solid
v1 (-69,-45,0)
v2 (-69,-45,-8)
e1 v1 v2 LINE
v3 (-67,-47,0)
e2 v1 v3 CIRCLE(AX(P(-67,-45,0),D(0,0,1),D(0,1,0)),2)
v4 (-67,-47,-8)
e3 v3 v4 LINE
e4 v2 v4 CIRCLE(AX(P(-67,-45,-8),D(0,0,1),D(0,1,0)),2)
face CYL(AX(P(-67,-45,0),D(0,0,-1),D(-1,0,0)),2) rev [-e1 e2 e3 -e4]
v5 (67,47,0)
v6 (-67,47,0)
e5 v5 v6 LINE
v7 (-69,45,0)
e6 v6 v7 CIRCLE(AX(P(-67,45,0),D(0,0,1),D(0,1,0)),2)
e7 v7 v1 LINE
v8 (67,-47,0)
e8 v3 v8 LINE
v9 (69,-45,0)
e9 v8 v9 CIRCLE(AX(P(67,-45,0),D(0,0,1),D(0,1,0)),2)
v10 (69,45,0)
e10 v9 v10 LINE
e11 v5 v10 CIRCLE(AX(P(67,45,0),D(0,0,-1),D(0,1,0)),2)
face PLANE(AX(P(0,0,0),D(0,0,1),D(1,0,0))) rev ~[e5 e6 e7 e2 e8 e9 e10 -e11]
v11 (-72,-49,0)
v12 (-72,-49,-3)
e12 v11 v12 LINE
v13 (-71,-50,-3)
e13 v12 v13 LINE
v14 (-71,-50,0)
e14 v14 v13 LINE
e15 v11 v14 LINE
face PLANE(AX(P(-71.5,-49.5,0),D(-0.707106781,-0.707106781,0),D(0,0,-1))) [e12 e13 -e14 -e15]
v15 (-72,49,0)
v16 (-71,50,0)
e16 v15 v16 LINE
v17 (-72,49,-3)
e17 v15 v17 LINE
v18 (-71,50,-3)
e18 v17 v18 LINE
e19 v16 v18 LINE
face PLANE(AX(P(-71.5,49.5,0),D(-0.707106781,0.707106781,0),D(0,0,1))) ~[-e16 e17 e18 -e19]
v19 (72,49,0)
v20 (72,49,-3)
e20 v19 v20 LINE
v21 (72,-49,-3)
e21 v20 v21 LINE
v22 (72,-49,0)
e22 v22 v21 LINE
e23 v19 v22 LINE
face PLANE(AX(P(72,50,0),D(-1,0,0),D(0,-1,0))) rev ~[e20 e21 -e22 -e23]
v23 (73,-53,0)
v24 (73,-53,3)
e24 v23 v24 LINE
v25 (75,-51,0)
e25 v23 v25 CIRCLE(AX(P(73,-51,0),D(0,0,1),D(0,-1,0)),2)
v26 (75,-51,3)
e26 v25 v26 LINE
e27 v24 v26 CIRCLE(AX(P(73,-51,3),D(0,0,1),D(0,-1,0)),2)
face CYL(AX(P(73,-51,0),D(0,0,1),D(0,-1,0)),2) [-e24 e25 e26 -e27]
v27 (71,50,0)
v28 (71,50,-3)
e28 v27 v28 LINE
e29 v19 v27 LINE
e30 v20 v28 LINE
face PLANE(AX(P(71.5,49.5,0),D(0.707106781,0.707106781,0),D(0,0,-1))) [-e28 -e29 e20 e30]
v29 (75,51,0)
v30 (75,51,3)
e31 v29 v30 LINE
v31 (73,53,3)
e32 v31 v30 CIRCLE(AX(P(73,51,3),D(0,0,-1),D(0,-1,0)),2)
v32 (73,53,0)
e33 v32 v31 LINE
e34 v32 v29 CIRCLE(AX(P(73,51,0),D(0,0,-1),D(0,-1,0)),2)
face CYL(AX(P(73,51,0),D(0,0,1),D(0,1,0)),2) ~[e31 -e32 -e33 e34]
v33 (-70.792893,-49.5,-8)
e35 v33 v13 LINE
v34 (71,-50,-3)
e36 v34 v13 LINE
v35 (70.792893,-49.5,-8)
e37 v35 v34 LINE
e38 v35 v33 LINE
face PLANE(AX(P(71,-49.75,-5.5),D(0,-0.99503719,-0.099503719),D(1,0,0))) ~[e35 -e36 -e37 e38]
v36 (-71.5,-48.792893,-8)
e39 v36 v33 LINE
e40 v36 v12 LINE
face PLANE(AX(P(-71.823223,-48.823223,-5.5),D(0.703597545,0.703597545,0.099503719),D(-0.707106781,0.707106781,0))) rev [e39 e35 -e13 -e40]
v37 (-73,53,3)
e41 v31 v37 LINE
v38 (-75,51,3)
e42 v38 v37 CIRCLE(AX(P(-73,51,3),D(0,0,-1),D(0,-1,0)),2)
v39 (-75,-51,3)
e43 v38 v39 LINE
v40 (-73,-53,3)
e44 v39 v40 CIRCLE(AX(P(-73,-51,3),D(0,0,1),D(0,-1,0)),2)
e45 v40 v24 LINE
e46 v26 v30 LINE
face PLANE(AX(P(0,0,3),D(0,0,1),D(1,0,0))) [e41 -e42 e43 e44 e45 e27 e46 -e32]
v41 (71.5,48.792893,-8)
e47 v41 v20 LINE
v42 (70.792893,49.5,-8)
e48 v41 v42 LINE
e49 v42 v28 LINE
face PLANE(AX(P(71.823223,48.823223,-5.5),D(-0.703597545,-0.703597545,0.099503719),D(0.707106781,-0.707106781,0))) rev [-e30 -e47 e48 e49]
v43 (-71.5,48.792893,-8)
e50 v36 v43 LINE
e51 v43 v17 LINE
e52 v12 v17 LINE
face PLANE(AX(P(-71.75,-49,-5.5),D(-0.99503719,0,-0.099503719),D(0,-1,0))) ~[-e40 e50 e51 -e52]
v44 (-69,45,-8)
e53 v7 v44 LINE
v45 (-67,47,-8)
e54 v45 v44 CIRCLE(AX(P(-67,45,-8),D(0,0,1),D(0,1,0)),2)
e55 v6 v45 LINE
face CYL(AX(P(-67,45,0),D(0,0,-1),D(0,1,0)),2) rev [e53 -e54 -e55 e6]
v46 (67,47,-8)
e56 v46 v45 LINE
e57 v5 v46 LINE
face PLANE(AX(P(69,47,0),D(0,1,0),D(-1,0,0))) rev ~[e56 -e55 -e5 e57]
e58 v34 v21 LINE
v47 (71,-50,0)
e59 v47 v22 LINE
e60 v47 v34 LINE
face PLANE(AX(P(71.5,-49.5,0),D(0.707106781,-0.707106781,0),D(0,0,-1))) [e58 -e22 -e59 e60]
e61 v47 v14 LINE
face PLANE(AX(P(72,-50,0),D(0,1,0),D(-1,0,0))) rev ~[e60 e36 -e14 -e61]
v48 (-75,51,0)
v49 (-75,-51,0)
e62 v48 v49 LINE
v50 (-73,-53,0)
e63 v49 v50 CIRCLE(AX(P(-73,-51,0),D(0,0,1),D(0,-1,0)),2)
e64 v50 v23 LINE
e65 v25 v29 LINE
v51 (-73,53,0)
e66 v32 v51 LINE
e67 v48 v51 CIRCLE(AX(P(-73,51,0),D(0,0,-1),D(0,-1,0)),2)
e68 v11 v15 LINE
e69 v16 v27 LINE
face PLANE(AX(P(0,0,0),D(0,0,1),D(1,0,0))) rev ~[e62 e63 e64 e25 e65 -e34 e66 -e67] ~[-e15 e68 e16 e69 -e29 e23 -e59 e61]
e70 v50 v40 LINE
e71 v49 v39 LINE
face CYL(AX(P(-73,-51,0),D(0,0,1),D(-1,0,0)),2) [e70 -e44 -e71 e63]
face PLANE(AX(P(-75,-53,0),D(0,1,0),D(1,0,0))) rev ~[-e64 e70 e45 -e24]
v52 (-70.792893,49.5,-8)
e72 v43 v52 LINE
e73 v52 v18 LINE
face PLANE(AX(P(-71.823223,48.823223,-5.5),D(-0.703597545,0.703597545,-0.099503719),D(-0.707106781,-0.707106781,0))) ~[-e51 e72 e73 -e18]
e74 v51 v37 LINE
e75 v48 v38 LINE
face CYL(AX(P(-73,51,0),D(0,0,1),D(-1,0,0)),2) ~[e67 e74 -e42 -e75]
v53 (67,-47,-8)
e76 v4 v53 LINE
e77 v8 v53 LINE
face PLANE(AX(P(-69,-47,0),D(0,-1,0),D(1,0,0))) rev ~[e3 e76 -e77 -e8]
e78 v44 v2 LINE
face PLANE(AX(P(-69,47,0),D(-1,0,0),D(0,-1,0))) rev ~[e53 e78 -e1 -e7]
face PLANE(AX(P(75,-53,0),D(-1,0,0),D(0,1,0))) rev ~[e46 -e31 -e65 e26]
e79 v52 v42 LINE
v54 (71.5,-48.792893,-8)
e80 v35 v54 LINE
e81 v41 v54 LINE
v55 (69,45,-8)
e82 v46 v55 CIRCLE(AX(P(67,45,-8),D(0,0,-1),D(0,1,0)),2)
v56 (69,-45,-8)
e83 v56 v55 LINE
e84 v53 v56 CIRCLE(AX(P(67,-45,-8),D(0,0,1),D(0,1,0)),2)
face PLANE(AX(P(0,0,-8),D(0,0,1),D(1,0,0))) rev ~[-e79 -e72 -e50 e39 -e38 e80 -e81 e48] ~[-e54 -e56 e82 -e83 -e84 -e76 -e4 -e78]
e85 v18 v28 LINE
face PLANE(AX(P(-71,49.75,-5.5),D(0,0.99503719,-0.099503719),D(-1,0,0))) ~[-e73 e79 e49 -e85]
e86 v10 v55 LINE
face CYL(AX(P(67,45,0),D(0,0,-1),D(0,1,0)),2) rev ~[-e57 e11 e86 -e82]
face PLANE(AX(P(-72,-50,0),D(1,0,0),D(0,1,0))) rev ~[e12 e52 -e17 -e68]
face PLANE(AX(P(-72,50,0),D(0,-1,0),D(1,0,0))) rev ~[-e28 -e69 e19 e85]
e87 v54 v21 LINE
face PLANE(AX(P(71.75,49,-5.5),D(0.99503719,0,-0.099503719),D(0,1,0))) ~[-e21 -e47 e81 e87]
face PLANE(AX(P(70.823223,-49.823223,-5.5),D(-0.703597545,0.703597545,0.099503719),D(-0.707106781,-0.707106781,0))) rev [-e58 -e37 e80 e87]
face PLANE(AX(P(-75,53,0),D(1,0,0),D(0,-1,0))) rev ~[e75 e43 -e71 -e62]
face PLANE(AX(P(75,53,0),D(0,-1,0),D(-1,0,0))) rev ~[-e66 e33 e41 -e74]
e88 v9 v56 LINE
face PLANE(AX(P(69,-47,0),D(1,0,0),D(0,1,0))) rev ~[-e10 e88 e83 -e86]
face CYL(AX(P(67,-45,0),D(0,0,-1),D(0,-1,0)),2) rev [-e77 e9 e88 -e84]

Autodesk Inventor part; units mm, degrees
ref_plane "YZ Plane" through (0, 0, 0) normal (1, 0, 0) x (0, 1, 0)
ref_plane "XZ Plane" through (0, 0, 0) normal (0, 1, 0) x (-1, 0, 0)
ref_plane "XY Plane" through (0, 0, 0) normal (0, 0, 1) x (1, 0, 0)
sketch "Sketch1" plane through (0, 0, 0) normal (0, 0, 1) x (1, 0, 0)
  line L0 (-75, -53) -> (75, -53)
  line L1 (75, -53) -> (75, 53)
  line L2 (75, 53) -> (-75, 53)
  line L3 (-75, 53) -> (-75, -53)
  line L4 (-75, -53) -> (75, 53) construction
  line L5 (75, -53) -> (-75, 53) construction
  line L6 (-72, 50) -> (72, 50)
  line L7 (72, 50) -> (72, -50)
  line L8 (72, -50) -> (-72, -50)
  line L9 (-72, -50) -> (-72, 50)
  line L10 (69, 47) -> (-69, 47)
  line L11 (-69, 47) -> (-69, -47)
  line L12 (-69, -47) -> (69, -47)
  line L13 (69, -47) -> (69, 47)
  point P0 (0, 0)
  dimension "d0" = 150
  dimension "d1" = 106
  dimension "d4" = 3
  dimension "d5" = 3
extrude "Extrusion1" add sketch "Sketch1" along normal blind 3 contours L3 L2 L1 L0 | L6 L7 L8 L9 | L13 L12 L11 L10
extrude "Extrusion2" add sketch "Sketch1" against normal blind 8 contours L6 L7 L8 L9
fillet "Fillet1" radius 2 8 edges at (-75, 53, 1.5) (-69, 47, -4) (-75, -53, 1.5) (-69, -47, -4) (69, -47, -4) (75, -53, 1.5) (69, 47, -4) (75, 53, 1.5)
chamfer "Chamfer1" distance 1 angle 45 4 edges at (-72, -50, -4) (72, -50, -4) (72, 50, -4) (-72, 50, -4)
chamfer "Chamfer2" distance 0.5 distance2 5 8 edges at (72, 0, -8) (0, -50, -8) (-72, 0, -8) (0, 50, -8) (71.5, -49.5, -8) (-71.5, -49.5, -8) (-71.5, 49.5, -8) (71.5, 49.5, -8) measured on face at (22.3333, 49, -8)
properties part number "ImageToStl.com_82d01a97-71ed-4804-91bd-9032aadffd37"
